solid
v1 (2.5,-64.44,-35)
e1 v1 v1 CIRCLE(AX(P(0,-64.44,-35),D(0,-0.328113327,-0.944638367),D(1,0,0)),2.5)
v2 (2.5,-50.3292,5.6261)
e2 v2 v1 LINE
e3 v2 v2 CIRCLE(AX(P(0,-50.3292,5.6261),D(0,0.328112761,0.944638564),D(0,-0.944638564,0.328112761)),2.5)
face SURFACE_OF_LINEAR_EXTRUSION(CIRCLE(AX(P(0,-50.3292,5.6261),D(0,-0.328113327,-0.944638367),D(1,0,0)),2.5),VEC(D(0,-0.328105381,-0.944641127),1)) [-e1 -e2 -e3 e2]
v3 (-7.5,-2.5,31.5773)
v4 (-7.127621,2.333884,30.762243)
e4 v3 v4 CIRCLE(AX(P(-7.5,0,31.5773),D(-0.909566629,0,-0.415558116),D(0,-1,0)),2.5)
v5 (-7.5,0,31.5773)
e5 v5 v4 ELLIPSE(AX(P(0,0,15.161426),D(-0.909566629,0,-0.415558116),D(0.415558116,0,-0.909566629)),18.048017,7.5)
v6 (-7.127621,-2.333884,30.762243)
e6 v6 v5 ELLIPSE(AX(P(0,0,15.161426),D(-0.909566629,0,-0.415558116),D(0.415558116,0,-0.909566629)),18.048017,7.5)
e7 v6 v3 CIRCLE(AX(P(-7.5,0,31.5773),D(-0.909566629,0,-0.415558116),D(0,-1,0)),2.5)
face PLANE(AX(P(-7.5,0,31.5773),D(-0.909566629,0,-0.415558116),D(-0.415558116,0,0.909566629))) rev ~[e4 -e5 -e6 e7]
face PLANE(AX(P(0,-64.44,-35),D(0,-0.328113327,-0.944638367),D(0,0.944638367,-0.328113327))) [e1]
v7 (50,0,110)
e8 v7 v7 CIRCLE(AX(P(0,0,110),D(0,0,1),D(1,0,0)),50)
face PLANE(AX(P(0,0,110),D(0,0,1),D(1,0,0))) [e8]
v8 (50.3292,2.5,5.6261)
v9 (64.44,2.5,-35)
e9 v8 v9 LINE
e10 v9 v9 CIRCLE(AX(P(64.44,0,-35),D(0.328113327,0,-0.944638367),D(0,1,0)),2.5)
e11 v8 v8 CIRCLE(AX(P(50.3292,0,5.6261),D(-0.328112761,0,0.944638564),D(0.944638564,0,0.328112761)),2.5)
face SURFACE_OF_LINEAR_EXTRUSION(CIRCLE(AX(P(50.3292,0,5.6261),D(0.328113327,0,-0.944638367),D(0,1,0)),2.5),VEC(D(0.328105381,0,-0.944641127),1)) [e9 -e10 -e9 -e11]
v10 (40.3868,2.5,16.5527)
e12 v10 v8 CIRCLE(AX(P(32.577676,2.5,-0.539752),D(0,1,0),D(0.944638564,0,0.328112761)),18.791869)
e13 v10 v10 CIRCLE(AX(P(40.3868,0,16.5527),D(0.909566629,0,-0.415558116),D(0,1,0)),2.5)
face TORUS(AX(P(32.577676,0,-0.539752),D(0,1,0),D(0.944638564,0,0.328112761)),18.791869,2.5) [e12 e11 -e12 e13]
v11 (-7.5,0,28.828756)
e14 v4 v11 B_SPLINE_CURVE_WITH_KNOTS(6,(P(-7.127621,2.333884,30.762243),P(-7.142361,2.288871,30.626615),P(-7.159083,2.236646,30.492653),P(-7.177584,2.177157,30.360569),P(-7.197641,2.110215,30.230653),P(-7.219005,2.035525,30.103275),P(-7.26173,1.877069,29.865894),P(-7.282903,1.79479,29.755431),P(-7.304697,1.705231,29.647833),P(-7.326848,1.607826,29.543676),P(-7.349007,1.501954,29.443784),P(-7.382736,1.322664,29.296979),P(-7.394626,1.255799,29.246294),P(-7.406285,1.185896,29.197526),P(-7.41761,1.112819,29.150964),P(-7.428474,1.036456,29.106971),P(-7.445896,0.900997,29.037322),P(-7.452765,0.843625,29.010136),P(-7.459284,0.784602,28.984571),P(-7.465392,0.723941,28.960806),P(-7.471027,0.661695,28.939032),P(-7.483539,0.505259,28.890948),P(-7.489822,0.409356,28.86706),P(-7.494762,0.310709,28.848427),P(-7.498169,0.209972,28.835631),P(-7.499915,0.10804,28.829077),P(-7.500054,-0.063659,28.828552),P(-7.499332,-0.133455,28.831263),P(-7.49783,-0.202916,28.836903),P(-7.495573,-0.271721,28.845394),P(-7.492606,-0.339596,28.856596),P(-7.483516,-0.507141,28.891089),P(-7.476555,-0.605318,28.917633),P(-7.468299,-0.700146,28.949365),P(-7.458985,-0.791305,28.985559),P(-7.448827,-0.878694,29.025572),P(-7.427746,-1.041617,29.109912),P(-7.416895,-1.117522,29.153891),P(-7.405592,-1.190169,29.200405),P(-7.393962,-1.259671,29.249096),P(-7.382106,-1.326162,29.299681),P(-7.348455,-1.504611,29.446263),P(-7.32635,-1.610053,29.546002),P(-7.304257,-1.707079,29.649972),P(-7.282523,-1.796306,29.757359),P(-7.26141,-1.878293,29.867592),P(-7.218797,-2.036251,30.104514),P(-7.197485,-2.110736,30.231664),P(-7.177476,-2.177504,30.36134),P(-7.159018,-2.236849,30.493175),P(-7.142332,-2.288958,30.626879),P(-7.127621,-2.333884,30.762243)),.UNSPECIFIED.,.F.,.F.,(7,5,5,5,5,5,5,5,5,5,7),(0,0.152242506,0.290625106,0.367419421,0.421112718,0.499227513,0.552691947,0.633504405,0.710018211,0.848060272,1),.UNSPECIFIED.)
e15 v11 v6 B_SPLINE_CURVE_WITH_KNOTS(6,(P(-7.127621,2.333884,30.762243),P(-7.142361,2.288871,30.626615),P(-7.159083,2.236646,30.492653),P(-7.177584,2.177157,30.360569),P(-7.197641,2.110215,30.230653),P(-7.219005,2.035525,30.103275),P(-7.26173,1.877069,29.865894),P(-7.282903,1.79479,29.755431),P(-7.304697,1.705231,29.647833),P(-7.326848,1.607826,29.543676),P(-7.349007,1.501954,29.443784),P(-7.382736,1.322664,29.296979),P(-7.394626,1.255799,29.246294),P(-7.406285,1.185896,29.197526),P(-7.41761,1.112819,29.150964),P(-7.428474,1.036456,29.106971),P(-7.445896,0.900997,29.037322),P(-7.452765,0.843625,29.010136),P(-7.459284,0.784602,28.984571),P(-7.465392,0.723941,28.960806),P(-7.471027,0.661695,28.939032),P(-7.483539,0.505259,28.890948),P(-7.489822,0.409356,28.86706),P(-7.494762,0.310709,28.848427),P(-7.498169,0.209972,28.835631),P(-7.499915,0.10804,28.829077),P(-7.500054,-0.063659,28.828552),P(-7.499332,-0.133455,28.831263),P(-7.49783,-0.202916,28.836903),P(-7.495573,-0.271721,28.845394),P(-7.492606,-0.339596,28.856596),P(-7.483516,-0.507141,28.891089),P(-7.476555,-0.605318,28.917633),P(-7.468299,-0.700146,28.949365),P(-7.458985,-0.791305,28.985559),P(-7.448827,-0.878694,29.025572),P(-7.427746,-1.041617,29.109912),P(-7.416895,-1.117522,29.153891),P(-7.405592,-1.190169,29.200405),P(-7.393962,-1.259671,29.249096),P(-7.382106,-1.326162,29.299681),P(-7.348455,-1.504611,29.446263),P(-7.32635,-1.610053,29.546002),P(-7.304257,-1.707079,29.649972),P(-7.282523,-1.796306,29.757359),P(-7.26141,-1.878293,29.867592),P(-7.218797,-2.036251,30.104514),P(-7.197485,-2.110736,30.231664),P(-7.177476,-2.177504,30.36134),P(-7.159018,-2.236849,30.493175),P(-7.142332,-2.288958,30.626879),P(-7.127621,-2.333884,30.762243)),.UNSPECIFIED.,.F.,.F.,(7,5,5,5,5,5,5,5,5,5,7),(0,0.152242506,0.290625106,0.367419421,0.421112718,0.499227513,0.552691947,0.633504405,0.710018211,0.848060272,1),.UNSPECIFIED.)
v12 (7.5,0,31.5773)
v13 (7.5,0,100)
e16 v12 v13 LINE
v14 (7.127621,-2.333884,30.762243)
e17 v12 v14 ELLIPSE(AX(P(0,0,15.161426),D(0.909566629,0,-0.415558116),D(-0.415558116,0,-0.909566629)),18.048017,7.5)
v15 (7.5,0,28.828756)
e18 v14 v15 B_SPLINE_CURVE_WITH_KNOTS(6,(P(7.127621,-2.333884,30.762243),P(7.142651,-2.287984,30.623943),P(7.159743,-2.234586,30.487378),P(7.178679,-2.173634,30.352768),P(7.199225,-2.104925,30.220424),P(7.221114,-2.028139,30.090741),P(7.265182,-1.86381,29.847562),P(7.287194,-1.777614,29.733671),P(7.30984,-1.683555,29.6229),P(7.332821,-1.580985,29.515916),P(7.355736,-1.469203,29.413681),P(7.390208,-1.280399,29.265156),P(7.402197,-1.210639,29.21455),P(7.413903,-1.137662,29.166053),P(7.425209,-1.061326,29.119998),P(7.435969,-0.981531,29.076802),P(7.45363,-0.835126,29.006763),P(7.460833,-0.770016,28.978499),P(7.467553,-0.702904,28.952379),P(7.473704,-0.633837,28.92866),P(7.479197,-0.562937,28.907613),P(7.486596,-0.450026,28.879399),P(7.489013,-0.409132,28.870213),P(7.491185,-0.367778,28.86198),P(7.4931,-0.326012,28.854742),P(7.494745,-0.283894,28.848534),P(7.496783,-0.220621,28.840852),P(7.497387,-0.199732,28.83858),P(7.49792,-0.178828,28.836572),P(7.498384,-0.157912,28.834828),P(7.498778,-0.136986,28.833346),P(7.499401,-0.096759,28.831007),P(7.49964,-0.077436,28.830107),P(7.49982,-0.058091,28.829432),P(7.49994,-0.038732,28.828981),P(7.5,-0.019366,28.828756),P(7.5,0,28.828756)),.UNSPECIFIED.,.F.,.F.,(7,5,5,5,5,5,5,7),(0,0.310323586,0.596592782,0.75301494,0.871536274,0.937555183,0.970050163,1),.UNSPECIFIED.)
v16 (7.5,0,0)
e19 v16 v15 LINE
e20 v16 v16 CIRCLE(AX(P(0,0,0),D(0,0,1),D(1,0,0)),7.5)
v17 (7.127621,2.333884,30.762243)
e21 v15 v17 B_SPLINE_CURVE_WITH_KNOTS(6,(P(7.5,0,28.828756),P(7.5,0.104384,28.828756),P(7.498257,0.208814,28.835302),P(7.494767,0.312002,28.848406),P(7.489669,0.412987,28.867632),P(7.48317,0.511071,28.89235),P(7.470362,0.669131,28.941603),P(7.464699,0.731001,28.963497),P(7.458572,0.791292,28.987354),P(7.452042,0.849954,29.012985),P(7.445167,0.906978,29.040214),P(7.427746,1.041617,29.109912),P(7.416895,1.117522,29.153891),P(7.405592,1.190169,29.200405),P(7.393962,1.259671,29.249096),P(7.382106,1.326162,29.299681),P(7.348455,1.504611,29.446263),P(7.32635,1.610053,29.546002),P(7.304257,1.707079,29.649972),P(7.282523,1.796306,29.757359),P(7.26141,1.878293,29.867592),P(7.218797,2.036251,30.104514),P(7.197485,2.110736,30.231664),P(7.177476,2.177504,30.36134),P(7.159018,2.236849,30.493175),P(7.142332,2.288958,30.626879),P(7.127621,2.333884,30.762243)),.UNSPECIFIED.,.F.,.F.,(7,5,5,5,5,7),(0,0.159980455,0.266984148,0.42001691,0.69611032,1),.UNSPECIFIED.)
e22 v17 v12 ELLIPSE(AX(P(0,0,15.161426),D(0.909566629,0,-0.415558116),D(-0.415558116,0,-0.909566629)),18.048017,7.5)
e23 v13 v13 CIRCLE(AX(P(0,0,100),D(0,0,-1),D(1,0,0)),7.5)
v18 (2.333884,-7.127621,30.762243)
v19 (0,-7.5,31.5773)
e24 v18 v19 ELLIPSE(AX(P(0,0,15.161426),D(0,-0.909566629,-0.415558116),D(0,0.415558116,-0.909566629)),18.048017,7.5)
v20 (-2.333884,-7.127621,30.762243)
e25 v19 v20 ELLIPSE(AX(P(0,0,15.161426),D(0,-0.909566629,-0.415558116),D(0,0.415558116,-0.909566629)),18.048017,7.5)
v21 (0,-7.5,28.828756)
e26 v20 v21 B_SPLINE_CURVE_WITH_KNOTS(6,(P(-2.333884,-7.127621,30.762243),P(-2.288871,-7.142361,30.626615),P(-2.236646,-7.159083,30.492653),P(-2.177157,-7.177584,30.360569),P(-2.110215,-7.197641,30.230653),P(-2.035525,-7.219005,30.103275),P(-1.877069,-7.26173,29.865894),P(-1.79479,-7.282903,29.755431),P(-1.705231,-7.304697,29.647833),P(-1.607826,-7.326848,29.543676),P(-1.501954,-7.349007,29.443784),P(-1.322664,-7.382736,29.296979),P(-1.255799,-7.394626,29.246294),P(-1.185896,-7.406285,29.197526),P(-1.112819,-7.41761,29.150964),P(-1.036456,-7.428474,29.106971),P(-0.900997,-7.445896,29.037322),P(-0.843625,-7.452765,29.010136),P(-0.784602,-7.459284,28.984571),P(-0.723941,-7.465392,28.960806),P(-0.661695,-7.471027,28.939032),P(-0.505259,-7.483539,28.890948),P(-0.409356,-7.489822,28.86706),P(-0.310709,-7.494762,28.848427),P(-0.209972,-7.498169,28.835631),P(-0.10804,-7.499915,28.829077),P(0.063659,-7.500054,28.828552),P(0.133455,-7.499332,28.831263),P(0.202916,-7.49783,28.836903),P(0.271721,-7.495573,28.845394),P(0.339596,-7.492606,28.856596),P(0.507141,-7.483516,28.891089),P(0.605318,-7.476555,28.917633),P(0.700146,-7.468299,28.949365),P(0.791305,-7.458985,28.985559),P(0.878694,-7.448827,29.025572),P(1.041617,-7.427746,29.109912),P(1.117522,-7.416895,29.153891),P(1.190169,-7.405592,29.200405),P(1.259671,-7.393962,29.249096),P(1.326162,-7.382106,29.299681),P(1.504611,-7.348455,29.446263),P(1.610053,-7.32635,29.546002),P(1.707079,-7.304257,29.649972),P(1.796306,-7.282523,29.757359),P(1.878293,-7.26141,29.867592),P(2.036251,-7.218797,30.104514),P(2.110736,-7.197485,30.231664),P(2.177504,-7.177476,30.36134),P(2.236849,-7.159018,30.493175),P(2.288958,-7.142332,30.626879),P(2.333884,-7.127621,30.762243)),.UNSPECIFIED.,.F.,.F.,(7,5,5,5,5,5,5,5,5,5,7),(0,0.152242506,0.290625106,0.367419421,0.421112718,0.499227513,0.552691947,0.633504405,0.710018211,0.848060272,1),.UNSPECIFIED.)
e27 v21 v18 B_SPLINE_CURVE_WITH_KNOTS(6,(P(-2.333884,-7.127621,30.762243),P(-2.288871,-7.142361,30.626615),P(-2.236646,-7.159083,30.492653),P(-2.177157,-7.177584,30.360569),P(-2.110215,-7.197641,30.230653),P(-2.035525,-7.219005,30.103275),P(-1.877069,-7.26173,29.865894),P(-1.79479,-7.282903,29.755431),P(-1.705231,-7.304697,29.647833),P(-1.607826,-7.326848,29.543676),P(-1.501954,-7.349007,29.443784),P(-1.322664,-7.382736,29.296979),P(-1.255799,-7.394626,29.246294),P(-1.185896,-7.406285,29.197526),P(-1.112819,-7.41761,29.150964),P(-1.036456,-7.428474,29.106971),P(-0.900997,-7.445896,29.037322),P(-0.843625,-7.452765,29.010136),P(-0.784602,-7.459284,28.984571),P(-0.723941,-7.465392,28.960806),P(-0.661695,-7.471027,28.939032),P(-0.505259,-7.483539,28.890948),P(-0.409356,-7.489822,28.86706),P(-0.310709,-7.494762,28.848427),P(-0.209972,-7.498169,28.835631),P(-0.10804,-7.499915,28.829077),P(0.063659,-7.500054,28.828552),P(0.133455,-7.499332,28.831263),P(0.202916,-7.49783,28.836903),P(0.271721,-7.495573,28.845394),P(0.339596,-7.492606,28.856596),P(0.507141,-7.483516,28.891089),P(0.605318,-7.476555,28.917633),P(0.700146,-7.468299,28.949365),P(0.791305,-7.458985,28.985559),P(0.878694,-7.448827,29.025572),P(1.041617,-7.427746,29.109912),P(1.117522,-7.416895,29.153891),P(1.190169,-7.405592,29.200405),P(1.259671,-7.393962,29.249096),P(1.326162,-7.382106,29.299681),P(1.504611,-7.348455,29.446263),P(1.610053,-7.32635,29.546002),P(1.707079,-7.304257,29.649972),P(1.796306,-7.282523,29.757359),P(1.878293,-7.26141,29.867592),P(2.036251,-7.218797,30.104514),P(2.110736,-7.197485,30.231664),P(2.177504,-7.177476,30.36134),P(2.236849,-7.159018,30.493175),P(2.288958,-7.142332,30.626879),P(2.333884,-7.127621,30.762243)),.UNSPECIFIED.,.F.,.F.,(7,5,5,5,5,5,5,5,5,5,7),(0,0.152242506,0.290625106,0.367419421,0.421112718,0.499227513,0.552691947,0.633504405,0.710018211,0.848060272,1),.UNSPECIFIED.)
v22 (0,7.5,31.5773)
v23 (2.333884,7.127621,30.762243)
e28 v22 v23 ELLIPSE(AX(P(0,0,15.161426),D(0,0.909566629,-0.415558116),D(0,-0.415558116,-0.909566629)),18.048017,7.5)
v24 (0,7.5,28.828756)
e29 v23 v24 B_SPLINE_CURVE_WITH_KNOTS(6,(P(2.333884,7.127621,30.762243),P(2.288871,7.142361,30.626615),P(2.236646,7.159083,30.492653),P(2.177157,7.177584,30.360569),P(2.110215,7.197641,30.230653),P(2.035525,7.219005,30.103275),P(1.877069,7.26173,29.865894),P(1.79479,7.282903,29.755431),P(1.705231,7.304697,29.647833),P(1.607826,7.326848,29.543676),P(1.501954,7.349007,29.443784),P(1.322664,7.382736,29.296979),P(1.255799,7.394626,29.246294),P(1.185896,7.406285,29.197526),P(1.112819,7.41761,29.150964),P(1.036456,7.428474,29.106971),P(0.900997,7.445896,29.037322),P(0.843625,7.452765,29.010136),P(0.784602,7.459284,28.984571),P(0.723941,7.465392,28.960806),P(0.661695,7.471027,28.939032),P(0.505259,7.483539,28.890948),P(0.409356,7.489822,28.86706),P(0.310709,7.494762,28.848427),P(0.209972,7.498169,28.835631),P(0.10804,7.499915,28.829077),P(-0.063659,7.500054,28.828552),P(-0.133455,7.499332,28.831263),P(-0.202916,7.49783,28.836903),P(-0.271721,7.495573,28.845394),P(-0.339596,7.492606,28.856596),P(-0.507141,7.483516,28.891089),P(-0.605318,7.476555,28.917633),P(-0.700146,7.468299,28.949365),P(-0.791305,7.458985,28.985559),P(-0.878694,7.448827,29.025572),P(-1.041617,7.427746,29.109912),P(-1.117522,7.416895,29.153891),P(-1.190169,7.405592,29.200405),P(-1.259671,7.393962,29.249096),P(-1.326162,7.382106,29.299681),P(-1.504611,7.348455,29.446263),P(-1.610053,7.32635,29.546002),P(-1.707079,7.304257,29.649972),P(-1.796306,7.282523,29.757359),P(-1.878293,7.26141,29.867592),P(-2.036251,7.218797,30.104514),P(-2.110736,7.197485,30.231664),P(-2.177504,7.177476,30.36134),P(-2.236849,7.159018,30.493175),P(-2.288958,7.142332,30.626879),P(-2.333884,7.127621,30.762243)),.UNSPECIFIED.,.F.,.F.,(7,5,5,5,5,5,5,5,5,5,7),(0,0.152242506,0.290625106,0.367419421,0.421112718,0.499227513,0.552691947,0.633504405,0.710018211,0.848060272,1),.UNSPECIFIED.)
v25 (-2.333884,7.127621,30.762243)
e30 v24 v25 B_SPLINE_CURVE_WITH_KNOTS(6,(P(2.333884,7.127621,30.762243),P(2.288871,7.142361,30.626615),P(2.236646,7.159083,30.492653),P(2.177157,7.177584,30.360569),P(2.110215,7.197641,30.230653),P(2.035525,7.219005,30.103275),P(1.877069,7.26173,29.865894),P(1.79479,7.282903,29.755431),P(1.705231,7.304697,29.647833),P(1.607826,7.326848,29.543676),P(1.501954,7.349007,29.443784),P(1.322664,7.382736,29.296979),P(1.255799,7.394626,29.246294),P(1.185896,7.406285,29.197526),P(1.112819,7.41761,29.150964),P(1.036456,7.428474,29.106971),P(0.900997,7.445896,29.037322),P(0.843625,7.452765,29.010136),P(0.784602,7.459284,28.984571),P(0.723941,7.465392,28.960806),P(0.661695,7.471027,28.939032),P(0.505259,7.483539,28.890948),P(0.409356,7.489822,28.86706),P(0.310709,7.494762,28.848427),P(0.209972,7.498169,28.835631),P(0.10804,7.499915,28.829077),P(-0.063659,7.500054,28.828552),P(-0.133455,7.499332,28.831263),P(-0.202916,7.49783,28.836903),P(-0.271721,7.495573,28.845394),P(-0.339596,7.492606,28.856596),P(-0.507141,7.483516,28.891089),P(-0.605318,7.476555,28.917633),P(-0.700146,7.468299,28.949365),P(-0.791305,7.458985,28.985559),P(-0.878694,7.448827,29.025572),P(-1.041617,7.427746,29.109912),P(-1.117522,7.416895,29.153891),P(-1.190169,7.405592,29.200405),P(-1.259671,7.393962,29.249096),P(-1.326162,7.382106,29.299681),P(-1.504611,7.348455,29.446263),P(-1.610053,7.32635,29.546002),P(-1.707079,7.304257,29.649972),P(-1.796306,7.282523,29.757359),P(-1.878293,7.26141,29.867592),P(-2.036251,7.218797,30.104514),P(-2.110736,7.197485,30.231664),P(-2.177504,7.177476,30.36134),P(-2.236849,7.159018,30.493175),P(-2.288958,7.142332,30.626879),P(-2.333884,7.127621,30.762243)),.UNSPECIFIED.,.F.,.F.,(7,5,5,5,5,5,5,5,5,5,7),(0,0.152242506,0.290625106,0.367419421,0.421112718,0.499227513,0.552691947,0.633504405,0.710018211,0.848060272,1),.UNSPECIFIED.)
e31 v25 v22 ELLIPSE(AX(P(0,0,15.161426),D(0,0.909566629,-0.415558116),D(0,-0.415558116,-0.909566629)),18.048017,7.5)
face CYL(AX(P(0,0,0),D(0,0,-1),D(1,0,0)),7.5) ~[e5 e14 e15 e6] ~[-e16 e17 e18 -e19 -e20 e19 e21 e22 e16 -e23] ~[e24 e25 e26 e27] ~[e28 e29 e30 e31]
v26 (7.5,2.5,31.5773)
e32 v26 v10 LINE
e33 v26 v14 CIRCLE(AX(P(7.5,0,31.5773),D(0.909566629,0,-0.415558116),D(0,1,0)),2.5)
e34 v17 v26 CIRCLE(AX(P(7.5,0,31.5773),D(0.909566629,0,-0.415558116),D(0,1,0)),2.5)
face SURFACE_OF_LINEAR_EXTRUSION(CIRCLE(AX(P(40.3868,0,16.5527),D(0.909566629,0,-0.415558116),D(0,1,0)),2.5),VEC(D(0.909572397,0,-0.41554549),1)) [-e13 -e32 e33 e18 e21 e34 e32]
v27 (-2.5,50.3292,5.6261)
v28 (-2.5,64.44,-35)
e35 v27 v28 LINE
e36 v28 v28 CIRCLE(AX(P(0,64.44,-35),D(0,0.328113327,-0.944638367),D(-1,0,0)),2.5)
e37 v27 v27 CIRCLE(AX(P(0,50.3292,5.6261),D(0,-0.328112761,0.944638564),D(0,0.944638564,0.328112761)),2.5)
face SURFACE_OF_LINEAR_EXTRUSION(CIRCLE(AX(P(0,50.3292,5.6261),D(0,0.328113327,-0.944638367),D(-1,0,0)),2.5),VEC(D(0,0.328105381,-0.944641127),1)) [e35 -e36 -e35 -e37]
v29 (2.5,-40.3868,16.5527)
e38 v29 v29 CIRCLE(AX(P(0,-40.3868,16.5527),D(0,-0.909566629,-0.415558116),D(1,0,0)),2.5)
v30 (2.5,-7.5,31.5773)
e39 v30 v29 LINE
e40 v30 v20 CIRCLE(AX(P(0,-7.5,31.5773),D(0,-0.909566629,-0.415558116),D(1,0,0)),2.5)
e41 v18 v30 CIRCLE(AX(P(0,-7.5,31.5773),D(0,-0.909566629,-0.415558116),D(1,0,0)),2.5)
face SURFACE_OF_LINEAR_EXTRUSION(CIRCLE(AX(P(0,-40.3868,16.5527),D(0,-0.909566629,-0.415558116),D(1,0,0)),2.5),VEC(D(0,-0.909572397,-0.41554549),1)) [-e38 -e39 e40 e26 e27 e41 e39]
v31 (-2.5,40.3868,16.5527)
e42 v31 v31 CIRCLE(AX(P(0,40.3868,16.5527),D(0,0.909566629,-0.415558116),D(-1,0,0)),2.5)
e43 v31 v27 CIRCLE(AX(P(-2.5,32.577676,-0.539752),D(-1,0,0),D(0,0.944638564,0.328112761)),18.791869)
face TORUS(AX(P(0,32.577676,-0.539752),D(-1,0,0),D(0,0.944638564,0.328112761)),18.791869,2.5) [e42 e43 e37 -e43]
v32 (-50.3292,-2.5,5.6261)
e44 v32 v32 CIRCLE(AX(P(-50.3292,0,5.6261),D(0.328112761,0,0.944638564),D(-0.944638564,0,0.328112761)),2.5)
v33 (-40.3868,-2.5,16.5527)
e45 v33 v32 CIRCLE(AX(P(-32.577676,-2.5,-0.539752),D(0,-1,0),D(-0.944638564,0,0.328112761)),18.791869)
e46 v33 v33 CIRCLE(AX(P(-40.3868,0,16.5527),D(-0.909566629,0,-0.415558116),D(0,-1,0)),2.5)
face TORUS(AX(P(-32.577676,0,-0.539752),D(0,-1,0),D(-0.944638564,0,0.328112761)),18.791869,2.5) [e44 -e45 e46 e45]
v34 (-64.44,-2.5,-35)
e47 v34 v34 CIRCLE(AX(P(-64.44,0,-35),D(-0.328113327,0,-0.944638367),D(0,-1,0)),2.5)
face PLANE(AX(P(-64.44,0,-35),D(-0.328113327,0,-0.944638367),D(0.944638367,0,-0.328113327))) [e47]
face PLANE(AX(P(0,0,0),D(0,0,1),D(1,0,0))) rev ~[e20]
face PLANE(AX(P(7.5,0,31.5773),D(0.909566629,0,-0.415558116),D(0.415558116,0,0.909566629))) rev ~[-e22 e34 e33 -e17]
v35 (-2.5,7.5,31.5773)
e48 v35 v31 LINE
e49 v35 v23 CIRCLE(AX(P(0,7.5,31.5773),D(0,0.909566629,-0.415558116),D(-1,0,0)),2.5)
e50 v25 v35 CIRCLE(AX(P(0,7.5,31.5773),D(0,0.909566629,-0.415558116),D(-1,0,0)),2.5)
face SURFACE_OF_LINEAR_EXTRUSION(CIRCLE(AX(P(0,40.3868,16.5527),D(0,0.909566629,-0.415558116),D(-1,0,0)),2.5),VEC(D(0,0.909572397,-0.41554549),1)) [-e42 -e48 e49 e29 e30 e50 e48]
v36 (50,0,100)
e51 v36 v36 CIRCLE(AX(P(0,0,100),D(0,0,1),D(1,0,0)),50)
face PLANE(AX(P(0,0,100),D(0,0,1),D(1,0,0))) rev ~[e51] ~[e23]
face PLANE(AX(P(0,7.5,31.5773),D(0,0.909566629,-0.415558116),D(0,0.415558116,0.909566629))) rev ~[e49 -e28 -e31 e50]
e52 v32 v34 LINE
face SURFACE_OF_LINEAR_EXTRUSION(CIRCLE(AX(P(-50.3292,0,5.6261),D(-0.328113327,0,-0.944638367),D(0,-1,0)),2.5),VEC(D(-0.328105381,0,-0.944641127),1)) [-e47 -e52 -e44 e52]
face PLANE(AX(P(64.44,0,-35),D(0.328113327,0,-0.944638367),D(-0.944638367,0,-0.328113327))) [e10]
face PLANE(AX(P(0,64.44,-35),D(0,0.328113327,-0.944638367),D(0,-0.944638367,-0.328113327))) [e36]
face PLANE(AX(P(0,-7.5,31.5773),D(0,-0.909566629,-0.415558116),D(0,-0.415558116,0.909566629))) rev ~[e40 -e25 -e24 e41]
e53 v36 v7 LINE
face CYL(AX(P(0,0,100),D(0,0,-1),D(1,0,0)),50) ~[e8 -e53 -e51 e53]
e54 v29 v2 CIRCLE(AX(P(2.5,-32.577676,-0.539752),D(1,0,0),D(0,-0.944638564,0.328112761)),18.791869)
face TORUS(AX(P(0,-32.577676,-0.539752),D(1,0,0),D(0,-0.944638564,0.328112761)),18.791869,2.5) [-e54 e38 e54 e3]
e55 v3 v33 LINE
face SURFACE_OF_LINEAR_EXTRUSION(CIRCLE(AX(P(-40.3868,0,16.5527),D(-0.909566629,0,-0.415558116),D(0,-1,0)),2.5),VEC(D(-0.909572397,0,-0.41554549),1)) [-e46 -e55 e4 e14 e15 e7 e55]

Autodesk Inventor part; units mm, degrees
ref_plane "YZ Plane" through (0, 0, 0) normal (1, 0, 0) x (0, 1, 0)
ref_plane "XZ Plane" through (0, 0, 0) normal (0, 1, 0) x (-1, 0, 0)
sketch "Sketch1" plane through (0, 0, 0) normal (0, 0, 1) x (1, 0, 0)
  circle A0 centre (0, 0) radius 7.5
  dimension "d0" = 15
extrude "Extrusion1" add sketch "Sketch1" along normal blind 100
sketch "Sketch2" plane through (0, 0, 100) normal (0, 0, 1) x (1, 0, 0)
  circle A0 centre (0, 0) radius 50
  dimension "d3" = 100
extrude "Extrusion2" add sketch "Sketch2" along normal blind 10
sketch "Sketch3" plane through (0, 0, 0) normal (1, 0, 0) x (0, 1, 0)
  line L0 (-7.5, 0) -> (7.5, 0) projected
  line L1 (7.5, 0) -> (7.5, 100) projected
  arc A0 (50.3292, 5.6261) -> (40.3868, 16.5527) centre (32.5781, -0.5395) ccw
  line L2 (50.3292, 5.6261) -> (64.44, -35)
  line L3 (40.3868, 16.5527) -> (7.5, 31.5773)
  line L4 (7.5, 0) -> (7.5, 100) projected
  point P0 (0, 0)
  point P1 (0, 0)
  dimension "d14" = 64.44
  dimension "d15" = 35
ref_plane "Work Plane1" through (0, 64.44, -35) normal (0, 0.3281, -0.9446) x (-1, 0, 0)
sketch "Sketch4" plane through (0, 64.44, -35) normal (0, 0.3281, -0.9446) x (-1, 0, 0)
  circle A0 centre (0, 0) radius 2.5
  point P0 (0, -49.389)
  dimension "d7" = 5
sweep "Sweep1" add profiles "Sketch4" path "Sketch3" path curves L2 A0 L3
pattern_circular "Circular Pattern1" count 4 over 360 about axis through (0, 0, 0) along (0, 0, 1) of "Sweep1", "Extrusion1"
properties part number "Chair_Orientation"
